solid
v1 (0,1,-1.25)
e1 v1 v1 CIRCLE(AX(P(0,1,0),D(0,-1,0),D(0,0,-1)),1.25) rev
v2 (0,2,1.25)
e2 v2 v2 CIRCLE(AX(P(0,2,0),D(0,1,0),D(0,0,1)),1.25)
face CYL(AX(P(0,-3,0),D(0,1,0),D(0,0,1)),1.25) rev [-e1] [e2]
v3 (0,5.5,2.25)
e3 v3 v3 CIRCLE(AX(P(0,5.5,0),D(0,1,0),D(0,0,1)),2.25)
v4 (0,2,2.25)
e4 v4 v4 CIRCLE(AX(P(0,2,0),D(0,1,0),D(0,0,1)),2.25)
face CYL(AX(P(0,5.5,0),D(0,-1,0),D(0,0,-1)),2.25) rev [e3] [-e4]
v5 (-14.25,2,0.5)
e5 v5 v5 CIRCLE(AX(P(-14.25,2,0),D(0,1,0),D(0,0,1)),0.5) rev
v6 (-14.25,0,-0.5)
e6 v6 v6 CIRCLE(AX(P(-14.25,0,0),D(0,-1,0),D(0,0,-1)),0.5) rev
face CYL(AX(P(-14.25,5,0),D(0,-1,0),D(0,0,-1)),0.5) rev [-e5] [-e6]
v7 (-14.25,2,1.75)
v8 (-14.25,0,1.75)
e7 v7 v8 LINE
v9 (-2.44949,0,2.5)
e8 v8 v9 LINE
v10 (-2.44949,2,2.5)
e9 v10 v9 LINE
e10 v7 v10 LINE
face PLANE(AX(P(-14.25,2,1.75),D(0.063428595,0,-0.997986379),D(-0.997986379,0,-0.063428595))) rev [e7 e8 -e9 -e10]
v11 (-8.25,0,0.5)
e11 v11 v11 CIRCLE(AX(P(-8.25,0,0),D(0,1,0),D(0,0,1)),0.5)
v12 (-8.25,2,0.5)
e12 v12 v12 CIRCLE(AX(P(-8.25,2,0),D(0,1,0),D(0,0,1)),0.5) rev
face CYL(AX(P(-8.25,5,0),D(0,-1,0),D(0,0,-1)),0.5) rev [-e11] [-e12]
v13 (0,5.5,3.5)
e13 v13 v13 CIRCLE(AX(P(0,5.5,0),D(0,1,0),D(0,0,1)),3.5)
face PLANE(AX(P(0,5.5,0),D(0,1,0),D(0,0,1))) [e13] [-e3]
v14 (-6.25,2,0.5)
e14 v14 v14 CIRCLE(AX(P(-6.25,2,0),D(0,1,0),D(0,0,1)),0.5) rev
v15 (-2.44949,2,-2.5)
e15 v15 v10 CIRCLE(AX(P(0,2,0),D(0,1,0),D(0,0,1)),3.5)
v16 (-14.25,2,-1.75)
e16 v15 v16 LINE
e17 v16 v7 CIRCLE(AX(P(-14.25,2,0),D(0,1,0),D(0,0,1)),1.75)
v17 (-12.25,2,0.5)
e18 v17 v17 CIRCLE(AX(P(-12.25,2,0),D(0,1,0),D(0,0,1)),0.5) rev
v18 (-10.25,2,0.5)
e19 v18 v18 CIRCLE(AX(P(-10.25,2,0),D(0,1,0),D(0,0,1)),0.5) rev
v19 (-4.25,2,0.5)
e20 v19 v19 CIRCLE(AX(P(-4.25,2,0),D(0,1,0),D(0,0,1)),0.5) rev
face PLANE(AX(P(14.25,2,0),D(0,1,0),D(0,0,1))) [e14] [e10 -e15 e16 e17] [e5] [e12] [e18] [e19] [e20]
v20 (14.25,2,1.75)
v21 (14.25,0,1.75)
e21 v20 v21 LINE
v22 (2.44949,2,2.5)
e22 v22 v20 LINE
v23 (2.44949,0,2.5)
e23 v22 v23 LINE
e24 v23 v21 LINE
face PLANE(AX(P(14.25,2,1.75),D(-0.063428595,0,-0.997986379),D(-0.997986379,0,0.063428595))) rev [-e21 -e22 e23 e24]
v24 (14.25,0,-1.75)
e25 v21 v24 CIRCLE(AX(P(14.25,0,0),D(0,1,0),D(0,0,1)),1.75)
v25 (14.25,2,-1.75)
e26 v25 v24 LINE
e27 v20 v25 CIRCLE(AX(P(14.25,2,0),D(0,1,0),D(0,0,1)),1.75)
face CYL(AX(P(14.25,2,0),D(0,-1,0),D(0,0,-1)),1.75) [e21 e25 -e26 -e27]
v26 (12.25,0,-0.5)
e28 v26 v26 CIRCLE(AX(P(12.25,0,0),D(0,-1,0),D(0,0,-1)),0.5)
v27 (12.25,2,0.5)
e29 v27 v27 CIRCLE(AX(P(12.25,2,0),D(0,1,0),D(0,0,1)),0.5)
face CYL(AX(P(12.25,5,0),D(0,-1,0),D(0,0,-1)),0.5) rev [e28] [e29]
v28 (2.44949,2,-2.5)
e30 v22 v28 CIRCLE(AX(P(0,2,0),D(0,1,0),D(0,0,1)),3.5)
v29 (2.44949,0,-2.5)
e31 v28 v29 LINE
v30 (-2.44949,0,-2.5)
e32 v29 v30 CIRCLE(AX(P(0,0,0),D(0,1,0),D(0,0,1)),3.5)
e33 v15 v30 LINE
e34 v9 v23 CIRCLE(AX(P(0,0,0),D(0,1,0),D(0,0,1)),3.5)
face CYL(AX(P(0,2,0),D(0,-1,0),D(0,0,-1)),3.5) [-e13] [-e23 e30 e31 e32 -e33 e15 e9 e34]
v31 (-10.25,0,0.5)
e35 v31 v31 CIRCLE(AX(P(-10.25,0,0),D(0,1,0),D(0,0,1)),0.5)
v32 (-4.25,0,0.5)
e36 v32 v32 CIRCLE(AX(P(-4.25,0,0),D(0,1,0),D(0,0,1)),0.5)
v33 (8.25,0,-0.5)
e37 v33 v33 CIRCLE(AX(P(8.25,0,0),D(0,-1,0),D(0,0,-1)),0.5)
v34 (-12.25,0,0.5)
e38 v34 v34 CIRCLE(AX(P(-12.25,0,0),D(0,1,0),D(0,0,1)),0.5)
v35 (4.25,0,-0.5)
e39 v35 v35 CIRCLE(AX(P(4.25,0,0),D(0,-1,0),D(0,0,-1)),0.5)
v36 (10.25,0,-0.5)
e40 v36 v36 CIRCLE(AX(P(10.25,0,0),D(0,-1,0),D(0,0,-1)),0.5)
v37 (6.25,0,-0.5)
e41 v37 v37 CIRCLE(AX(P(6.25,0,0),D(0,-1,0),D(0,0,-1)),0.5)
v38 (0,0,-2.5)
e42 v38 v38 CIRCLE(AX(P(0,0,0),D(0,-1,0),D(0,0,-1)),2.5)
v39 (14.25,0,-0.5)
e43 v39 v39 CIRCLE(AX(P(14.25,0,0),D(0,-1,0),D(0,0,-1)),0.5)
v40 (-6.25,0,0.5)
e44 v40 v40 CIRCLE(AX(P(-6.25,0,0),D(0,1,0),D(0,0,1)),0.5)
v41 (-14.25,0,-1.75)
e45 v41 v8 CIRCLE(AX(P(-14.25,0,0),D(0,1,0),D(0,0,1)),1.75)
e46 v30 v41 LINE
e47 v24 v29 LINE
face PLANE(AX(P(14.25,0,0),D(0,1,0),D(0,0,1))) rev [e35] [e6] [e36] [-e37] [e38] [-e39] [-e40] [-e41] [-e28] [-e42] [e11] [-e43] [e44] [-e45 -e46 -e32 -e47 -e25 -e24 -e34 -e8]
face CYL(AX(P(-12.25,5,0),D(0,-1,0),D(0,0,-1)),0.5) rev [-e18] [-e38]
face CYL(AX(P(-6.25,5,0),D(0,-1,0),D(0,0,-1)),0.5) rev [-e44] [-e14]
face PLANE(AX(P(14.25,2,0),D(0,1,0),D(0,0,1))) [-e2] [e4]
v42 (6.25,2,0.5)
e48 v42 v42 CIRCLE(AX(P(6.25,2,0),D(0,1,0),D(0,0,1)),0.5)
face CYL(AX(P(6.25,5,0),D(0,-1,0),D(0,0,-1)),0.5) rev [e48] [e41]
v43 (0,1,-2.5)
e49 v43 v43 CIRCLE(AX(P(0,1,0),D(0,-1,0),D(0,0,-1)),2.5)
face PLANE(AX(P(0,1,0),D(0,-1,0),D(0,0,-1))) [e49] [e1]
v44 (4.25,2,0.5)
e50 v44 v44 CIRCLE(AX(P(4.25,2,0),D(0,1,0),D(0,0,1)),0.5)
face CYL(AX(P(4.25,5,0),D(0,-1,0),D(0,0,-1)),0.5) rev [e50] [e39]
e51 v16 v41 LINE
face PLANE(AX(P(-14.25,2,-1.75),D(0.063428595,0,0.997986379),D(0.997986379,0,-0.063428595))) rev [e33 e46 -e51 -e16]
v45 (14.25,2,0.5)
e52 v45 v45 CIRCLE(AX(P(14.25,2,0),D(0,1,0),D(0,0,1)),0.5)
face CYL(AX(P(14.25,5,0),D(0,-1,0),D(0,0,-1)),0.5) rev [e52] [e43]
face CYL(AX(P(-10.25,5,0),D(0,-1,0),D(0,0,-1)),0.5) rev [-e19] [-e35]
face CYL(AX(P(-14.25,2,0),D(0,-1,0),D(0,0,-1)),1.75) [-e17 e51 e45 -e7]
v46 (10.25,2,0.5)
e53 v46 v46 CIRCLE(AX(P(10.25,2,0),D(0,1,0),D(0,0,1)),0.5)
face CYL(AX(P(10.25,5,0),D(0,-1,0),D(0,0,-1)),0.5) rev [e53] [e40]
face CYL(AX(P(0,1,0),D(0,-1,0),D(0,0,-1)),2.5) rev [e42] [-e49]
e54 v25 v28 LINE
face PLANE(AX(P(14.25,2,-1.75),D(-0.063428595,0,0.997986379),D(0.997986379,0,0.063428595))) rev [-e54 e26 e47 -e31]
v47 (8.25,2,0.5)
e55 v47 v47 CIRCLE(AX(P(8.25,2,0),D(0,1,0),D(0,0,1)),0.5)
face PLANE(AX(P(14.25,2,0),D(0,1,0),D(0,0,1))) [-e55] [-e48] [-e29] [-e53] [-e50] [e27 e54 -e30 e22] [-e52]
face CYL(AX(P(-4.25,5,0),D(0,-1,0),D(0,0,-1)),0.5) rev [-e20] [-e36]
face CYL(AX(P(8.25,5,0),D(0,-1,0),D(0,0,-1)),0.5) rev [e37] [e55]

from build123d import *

# Parameters (mm, degrees)
BOSS_EXTRUDE1_DEPTH = 2
SKETCH2_R           = 3.5
SKETCH2_R_2         = 2.25
BOSS_EXTRUDE2_DEPTH = 3.5
SKETCH3_R           = 1.25
CUT_EXTRUDE1_DEPTH  = 5
SKETCH4_R           = 2.5
CUT_EXTRUDE2_DEPTH  = 1
SKETCH5_R           = 0.5
CUT_EXTRUDE3_DEPTH  = 5


with BuildPart() as part:
    # Sketch1 → Boss-Extrude1 (new body)
    with BuildSketch(Plane(origin=(0, 0, 0), x_dir=(1, 0, 0), z_dir=(0, 1, 0))):
        with BuildLine():
            Line((-14.25, 1.75), (-2.449489743, 2.5))
            ThreePointArc((-2.449489743, 2.5), (0, 3.5), (2.449489743, 2.5))
            Line((2.449489743, 2.5), (14.25, 1.75))
            ThreePointArc((14.25, 1.75), (16, 0), (14.25, -1.75))
            Line((14.25, -1.75), (2.449489743, -2.5))
            ThreePointArc((2.449489743, -2.5), (0, -3.5), (-2.449489743, -2.5))
            Line((-2.449489743, -2.5), (-14.25, -1.75))
            ThreePointArc((-14.25, -1.75), (-16, 0), (-14.25, 1.75))
        make_face()
    extrude(amount=BOSS_EXTRUDE1_DEPTH)

    # Sketch2 → Boss-Extrude2 (add)
    with BuildSketch(Plane(origin=(0, 2, 0), x_dir=(1, 0, 0), z_dir=(0, 1, 0))):
        Circle(SKETCH2_R)
        Circle(SKETCH2_R_2, mode=Mode.SUBTRACT)
    extrude(amount=BOSS_EXTRUDE2_DEPTH)

    # Sketch3 → Cut-Extrude1 (cut)
    with BuildSketch(Plane(origin=(0, 2, 0), x_dir=(1, 0, 0), z_dir=(0, 1, 0))):
        Circle(SKETCH3_R)
    extrude(amount=-CUT_EXTRUDE1_DEPTH, mode=Mode.SUBTRACT)

    # Sketch4 → Cut-Extrude2 (cut)
    with BuildSketch(Plane.XZ):
        Circle(SKETCH4_R)
    extrude(amount=-CUT_EXTRUDE2_DEPTH, mode=Mode.SUBTRACT)

    # Sketch5 → Cut-Extrude3 (cut)
    with BuildSketch(Plane.XZ):
        with Locations((14.25, 0)):
            Circle(SKETCH5_R)
        with Locations((12.25, 0)):
            Circle(SKETCH5_R)
        with Locations((10.25, 0)):
            Circle(SKETCH5_R)
        with Locations((8.25, 0)):
            Circle(SKETCH5_R)
        with Locations((6.25, 0)):
            Circle(SKETCH5_R)
        with Locations((4.25, 0)):
            Circle(SKETCH5_R)
        with Locations((-14.25, 0)):
            Circle(SKETCH5_R)
        with Locations((-12.25, 0)):
            Circle(SKETCH5_R)
        with Locations((-10.25, 0)):
            Circle(SKETCH5_R)
        with Locations((-8.25, 0)):
            Circle(SKETCH5_R)
        with Locations((-6.25, 0)):
            Circle(SKETCH5_R)
        with Locations((-4.25, 0)):
            Circle(SKETCH5_R)
    extrude(amount=-CUT_EXTRUDE3_DEPTH, mode=Mode.SUBTRACT)


solid = part.part
